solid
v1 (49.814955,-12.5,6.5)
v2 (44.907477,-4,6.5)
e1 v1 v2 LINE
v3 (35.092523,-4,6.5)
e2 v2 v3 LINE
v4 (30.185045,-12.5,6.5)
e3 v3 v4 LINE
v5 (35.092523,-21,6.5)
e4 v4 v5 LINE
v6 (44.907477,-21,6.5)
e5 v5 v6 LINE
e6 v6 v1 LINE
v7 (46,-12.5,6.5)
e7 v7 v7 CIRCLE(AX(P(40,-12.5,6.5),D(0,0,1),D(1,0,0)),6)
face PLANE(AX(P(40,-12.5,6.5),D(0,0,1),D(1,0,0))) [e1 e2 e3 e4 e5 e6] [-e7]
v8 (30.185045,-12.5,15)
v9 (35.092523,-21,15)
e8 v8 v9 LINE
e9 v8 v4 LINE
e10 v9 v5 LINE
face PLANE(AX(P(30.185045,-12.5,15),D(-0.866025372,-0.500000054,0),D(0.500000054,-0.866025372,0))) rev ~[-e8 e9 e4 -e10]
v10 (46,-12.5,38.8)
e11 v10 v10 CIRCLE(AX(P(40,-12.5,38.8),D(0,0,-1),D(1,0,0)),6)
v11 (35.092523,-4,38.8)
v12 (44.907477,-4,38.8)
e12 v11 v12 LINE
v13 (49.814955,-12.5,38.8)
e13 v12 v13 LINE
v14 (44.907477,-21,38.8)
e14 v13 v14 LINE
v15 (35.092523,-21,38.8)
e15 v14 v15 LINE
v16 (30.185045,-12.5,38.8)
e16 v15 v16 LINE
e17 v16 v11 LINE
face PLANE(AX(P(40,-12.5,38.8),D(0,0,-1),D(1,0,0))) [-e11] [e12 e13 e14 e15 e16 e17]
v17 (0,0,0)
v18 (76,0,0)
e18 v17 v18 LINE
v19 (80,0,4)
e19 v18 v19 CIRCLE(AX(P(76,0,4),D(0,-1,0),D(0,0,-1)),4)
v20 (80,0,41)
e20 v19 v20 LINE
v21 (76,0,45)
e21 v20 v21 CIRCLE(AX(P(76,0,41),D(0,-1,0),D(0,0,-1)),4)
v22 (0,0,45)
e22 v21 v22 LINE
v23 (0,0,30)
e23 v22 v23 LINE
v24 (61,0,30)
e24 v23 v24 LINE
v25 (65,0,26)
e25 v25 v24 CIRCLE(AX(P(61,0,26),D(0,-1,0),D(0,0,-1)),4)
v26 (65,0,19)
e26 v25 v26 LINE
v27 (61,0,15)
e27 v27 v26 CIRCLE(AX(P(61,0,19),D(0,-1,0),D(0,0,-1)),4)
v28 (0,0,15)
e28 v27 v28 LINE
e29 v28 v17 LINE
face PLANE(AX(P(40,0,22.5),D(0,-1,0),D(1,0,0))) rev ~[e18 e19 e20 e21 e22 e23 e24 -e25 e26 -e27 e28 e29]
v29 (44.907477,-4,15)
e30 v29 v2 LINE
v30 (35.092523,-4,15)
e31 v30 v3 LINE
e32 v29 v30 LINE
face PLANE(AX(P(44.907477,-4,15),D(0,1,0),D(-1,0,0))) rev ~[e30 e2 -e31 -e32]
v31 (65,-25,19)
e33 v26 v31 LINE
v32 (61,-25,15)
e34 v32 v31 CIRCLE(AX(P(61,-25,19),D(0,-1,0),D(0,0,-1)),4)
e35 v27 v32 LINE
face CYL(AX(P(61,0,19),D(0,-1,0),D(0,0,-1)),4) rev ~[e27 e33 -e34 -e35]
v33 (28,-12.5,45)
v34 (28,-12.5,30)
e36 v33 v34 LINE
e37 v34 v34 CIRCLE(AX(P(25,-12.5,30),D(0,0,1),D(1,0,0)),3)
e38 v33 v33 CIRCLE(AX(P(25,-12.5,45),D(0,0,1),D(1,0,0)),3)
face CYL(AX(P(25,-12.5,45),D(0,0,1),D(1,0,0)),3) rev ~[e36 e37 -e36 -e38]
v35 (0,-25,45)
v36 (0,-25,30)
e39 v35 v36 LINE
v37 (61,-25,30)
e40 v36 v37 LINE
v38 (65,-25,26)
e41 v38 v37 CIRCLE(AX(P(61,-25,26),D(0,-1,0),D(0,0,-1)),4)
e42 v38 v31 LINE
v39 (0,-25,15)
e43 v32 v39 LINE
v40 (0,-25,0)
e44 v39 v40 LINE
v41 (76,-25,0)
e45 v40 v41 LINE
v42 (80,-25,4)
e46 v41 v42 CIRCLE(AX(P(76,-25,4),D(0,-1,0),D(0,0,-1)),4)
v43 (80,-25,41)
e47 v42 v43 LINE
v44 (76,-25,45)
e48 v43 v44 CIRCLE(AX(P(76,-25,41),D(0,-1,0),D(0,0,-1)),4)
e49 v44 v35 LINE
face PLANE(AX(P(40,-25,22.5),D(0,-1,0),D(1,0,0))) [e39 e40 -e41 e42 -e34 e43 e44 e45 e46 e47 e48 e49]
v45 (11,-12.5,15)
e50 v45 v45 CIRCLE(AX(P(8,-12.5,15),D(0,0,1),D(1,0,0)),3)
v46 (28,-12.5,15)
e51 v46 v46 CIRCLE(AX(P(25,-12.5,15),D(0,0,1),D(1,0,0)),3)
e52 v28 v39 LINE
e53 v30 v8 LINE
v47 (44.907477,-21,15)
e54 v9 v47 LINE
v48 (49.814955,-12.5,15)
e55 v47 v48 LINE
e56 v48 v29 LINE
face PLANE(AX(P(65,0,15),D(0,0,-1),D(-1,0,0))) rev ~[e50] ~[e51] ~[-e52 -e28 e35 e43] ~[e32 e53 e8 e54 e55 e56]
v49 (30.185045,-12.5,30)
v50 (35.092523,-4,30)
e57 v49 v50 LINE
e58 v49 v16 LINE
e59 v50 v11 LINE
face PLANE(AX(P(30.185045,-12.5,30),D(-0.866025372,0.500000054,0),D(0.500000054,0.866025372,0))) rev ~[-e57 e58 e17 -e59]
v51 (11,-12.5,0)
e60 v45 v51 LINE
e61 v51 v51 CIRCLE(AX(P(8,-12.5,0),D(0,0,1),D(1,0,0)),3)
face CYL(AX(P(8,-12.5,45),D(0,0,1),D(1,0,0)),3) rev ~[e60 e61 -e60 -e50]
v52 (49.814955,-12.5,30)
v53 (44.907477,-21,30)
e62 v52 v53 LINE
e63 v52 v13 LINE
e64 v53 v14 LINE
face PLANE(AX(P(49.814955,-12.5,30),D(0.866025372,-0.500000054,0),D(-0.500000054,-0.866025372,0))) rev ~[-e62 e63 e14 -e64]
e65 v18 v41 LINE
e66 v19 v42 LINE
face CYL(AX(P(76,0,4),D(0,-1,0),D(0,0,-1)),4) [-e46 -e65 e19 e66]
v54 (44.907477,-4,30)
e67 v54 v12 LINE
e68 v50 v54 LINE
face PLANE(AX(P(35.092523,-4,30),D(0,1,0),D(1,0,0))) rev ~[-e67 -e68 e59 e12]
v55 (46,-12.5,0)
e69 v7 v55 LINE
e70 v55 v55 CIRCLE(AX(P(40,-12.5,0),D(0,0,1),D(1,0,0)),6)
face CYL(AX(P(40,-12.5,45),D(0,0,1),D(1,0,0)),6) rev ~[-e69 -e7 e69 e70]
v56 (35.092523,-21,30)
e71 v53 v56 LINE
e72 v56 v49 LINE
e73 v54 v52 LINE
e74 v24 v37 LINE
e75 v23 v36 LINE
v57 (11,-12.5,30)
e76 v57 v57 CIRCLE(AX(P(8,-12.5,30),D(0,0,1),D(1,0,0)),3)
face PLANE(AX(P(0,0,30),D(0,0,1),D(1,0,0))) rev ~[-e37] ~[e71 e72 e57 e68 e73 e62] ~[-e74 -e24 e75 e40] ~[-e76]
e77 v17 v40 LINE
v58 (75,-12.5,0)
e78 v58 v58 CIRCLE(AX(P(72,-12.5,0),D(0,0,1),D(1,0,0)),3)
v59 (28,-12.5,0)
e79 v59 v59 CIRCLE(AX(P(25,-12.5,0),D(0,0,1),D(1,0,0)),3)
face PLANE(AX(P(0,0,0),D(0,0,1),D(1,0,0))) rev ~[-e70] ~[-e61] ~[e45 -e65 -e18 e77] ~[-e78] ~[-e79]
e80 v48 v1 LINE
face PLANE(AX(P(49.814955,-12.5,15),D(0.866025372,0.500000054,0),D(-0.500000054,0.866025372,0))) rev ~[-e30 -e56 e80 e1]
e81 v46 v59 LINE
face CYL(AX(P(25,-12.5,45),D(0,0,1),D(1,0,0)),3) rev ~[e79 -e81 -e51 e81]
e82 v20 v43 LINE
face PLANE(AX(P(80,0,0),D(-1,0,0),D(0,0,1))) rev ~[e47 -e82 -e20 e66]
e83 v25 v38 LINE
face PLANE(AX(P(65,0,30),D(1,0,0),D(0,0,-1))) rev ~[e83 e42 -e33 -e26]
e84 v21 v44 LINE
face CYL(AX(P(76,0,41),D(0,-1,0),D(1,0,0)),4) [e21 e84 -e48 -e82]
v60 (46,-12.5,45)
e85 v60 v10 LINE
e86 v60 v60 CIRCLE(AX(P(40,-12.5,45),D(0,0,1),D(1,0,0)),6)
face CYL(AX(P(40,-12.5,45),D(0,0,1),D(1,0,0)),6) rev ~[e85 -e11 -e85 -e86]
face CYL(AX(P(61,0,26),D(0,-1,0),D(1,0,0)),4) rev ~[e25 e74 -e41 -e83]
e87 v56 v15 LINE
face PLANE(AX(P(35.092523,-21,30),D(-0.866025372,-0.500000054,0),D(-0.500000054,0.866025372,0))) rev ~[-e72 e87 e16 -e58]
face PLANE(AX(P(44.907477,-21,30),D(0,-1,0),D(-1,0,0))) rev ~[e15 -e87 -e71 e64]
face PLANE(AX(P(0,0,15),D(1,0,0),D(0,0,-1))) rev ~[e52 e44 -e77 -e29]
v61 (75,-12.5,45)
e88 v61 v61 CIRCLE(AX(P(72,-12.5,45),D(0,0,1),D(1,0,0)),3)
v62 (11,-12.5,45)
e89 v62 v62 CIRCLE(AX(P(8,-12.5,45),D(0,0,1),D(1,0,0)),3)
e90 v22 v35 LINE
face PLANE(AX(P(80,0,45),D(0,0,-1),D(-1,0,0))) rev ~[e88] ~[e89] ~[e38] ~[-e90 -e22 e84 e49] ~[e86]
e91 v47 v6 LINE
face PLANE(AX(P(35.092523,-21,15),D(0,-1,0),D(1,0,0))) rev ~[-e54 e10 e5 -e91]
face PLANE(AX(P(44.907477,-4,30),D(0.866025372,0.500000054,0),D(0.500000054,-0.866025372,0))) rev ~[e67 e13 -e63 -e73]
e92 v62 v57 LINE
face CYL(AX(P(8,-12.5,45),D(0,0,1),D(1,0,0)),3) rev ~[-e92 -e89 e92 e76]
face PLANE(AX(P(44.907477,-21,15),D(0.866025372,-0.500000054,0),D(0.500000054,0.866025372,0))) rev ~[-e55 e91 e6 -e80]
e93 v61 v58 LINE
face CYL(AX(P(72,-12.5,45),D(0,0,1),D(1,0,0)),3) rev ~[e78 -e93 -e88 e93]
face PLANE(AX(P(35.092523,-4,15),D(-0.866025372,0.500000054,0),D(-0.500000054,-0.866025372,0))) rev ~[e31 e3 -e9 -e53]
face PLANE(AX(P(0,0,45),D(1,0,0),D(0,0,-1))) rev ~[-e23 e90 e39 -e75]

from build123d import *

# Parameters (mm, degrees)
F1_DEPTH = 25
F2_R     = 6
F2_R_2   = 3
F3_DEPTH = 45.001
F4_R     = 6
F5_DEPTH = 8.8
F6_R     = 6
F7_DEPTH = 8.5
F8_R     = 4


with BuildPart() as f1:
    # F0 (on Front) → F1 (new body)
    with BuildSketch(Plane.XZ):
        Polygon((0, 15), (0, 0), (80, 0), (80, 45), (0, 45), (0, 30), (65, 30), (65, 15), align=None)
    extrude(amount=F1_DEPTH)

    # F2 (on face) → F3 (cut, through all)
    with BuildSketch(Plane.XY.offset(45)):
        with Locations((40, -12.5)):
            Circle(F2_R)
        with Locations((8, -12.5)):
            Circle(F2_R_2)
        with Locations((25, -12.5)):
            Circle(F2_R_2)
        with Locations((72, -12.5)):
            Circle(F2_R_2)
    extrude(amount=-F3_DEPTH, mode=Mode.SUBTRACT)

    # F4 (on face) → F5 (cut)
    with BuildSketch(Plane(origin=(0, 0, 30), x_dir=(1, 0, 0), z_dir=(0, 0, -1))):
        Polygon((35.092523, 4), (44.907477, 4), (49.814955, 12.5), (44.907477, 21), (35.092523, 21), (30.185045, 12.5), align=None)
        with Locations((40, 12.5)):
            Circle(F4_R, mode=Mode.SUBTRACT)
    extrude(amount=-F5_DEPTH, mode=Mode.SUBTRACT)

    # F6 (on face) → F7 (cut)
    with BuildSketch(Plane.XY.offset(15)):
        Polygon((35.092523, -21), (44.907477, -21), (49.814955, -12.5), (44.907477, -4), (35.092523, -4), (30.185045, -12.5), align=None)
        with Locations((40, -12.5)):
            Circle(F6_R, mode=Mode.SUBTRACT)
    extrude(amount=-F7_DEPTH, mode=Mode.SUBTRACT)

    # F8
    f8_edges = [f1.edges().sort_by_distance(p)[0] for p in [
        (80, -12.5, 45),
        (80, -12.5, 0),
        (65, -12.5, 30),
        (65, -12.5, 15),
    ]]
    fillet(f8_edges, radius=F8_R)


solid = f1.part
